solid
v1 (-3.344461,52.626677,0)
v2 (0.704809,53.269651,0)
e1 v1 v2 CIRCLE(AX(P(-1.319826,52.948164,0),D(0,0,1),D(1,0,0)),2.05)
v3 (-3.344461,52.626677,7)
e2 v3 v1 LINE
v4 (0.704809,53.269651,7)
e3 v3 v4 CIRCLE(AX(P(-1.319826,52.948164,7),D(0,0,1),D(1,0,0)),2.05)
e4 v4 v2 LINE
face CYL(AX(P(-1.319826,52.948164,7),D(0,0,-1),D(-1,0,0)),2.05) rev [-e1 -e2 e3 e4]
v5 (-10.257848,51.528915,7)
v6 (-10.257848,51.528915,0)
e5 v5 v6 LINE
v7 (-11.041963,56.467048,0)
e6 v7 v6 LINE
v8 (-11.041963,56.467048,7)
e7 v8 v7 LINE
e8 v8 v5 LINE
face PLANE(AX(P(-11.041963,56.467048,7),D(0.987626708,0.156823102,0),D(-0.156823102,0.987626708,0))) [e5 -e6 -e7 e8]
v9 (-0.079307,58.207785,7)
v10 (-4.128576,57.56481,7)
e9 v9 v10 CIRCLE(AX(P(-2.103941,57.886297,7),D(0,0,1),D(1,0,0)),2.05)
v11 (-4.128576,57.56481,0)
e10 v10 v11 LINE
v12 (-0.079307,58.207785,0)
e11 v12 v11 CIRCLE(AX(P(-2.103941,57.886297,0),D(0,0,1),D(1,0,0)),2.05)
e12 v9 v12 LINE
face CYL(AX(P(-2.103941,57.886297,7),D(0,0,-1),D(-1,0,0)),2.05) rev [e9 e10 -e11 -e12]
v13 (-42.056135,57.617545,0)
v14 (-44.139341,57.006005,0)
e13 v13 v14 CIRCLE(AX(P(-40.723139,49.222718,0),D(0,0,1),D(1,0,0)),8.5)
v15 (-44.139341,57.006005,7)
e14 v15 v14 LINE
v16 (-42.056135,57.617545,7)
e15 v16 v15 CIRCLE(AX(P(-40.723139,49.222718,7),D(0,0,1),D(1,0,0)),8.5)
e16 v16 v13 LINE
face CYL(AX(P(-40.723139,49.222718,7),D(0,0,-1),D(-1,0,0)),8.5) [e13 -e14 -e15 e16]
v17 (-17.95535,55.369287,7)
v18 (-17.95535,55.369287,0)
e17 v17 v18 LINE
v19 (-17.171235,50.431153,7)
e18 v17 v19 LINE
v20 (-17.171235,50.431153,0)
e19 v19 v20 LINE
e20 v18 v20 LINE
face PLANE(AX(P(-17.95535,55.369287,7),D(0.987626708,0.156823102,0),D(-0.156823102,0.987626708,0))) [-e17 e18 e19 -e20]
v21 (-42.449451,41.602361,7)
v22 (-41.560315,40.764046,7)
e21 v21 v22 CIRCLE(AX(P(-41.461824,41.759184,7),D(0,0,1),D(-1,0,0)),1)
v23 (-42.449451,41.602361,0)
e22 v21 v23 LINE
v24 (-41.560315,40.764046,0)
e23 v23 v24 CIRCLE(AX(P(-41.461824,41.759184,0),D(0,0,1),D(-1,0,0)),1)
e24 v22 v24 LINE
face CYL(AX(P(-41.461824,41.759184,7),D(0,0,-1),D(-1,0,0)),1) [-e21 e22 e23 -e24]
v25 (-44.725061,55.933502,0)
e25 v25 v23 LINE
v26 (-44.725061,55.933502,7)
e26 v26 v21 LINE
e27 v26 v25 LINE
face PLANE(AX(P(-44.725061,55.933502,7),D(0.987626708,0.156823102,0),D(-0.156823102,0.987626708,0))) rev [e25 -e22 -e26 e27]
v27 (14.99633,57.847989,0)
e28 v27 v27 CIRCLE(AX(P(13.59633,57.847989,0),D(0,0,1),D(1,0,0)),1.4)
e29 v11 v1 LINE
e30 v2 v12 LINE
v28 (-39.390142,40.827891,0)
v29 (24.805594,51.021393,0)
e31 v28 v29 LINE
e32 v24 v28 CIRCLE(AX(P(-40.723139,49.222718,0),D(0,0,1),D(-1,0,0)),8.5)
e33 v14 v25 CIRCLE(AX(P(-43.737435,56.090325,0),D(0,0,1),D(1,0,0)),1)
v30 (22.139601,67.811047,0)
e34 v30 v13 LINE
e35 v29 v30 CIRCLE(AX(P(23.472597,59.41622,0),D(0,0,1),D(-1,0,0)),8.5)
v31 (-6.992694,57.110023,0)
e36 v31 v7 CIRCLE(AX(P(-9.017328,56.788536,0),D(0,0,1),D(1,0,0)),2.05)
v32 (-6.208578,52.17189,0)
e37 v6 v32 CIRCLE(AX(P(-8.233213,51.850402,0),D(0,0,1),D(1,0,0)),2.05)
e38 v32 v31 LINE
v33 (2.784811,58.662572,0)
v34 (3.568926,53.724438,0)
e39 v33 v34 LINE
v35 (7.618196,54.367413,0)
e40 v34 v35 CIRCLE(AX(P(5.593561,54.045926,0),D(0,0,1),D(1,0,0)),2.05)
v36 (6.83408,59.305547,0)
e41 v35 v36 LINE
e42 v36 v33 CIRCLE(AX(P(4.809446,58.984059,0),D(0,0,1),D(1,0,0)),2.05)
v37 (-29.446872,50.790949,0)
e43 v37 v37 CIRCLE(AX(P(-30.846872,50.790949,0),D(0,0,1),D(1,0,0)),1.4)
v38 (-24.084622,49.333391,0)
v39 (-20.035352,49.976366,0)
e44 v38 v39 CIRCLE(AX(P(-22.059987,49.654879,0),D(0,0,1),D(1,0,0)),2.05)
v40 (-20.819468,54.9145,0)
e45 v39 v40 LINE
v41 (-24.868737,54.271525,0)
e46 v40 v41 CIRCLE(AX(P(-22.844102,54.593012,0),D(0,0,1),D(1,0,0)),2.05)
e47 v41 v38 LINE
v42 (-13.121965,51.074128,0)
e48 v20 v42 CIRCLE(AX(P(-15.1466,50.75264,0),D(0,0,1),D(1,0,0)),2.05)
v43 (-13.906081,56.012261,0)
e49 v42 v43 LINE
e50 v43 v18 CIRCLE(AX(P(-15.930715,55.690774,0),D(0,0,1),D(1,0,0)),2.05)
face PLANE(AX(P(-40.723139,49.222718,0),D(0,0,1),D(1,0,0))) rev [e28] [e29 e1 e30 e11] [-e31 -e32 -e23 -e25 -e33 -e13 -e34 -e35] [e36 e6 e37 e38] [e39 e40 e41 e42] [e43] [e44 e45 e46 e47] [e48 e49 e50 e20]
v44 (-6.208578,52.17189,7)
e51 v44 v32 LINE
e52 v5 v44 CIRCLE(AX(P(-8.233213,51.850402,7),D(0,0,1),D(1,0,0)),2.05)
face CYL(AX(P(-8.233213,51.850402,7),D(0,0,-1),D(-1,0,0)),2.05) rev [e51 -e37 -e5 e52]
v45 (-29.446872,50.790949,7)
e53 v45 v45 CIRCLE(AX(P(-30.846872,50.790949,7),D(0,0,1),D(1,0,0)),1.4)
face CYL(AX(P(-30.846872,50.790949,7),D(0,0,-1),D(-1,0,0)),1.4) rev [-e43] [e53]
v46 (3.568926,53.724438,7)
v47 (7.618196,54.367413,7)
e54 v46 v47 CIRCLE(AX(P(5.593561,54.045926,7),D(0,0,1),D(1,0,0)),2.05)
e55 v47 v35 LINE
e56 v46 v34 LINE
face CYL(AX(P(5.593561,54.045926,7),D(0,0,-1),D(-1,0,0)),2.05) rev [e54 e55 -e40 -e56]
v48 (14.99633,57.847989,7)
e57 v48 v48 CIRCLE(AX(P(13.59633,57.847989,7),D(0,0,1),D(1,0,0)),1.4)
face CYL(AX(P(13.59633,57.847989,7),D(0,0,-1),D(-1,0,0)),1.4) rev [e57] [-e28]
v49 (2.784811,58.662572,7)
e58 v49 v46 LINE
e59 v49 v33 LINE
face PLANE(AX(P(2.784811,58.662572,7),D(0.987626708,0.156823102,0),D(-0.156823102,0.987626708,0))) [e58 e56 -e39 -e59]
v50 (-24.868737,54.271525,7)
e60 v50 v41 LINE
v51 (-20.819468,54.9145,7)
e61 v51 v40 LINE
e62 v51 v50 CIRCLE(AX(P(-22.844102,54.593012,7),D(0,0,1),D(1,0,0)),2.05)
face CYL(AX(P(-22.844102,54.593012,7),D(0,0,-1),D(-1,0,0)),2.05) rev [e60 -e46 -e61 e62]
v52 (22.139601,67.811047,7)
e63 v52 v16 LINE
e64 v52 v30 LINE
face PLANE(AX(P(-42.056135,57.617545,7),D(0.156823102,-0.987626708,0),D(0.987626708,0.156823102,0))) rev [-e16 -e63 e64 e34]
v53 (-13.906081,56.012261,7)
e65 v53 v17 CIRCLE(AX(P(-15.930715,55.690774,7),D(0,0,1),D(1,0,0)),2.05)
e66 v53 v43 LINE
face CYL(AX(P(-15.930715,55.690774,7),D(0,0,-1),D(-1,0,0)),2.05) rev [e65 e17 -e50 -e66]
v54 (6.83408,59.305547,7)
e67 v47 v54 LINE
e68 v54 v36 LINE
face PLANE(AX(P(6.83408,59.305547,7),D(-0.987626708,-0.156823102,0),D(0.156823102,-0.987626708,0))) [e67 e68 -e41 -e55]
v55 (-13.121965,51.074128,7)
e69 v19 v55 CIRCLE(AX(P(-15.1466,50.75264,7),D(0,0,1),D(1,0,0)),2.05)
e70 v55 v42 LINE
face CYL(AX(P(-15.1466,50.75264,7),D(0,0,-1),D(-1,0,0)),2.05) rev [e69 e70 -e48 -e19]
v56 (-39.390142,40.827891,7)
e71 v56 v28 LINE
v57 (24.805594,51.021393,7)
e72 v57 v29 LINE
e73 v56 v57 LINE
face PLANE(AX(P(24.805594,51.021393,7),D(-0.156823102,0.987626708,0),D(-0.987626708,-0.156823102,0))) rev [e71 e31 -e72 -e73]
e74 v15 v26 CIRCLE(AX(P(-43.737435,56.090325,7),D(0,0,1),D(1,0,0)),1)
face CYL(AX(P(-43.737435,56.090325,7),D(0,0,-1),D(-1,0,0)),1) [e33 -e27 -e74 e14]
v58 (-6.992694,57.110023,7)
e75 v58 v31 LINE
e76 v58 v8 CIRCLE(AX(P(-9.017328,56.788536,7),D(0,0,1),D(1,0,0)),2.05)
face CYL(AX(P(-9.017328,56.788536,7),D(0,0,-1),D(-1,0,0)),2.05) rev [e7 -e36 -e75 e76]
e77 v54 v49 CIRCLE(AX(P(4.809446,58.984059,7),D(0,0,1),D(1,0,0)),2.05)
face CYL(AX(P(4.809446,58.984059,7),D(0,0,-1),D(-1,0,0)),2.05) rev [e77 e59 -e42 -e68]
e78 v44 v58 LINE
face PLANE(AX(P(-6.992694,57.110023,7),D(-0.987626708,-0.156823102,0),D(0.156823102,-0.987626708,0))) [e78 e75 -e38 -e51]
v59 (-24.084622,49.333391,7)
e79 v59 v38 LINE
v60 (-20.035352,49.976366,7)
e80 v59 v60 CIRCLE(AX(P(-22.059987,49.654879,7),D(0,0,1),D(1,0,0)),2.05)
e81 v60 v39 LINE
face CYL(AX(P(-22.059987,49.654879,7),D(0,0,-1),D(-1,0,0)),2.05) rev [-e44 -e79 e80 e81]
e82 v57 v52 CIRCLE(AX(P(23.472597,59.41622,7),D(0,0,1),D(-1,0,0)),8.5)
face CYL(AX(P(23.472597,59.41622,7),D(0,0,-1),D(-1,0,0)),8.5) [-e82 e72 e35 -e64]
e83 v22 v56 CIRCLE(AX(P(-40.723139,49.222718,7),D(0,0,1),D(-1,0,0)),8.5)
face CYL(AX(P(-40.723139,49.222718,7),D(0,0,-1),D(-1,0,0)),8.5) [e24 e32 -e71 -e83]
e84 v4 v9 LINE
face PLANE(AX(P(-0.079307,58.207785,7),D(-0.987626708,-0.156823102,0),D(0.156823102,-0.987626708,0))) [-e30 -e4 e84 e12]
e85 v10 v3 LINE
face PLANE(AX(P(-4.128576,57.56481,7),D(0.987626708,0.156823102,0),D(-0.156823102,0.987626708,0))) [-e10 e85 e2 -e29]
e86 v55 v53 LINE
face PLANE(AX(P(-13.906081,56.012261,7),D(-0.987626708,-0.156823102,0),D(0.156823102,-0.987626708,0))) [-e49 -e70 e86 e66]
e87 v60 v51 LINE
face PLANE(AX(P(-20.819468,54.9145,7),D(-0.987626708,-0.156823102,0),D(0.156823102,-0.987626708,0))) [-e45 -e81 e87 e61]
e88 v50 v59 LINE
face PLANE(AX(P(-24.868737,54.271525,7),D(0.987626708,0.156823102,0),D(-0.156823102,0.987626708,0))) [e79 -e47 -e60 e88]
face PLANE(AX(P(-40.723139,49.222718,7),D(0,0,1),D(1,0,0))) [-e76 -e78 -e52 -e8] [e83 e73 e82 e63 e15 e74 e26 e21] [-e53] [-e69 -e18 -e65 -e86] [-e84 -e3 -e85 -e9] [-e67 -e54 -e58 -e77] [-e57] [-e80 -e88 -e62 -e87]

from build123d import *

# Parameters (mm, degrees)
SKETCH_1_R      = 1.4
EXTRUDE_1_DEPTH = 7


with BuildPart() as part:
    # 草图1 → 凸台-拉伸1 (new body)
    with BuildSketch(Plane.XY):
        with BuildLine():
            Line((-42.056135012, 57.617545139), (22.139601015, 67.811046791))
            ThreePointArc((22.139601015, 67.811046791), (31.867424404, 60.749216142), (24.805593755, 51.021392753))
            Line((24.805593755, 51.021392753), (-39.390142272, 40.827891101))
            ThreePointArc((-39.390142272, 40.827891101), (-40.473181997, 40.726394111), (-41.560315394, 40.764045938))
            ThreePointArc((-41.560315394, 40.764045938), (-42.147831339, 41.031589211), (-42.44945072, 41.60236074))
            Line((-42.44945072, 41.60236074), (-44.725061471, 55.933501507))
            ThreePointArc((-44.725061471, 55.933501507), (-44.615083087, 56.569629752), (-44.139340913, 57.006005475))
            ThreePointArc((-44.139340913, 57.006005475), (-43.117343546, 57.378561601), (-42.056135012, 57.617545139))
        make_face()
        with Locations((-30.846871561, 50.790949144)):
            Circle(SKETCH_1_R, mode=Mode.SUBTRACT)
        with Locations((13.596330304, 57.847988749)):
            Circle(SKETCH_1_R, mode=Mode.SUBTRACT)
        with BuildLine():
            Line((6.834080281, 59.305546509), (7.618195793, 54.367412968))
            ThreePointArc((7.618195793, 54.367412968), (5.915048401, 52.021290857), (3.568926289, 53.724438249))
            Line((3.568926289, 53.724438249), (2.784810778, 58.662571789))
            ThreePointArc((2.784810778, 58.662571789), (4.48795817, 61.008693901), (6.834080281, 59.305546509))
        make_face(mode=Mode.SUBTRACT)
        with BuildLine():
            Line((-0.079306676, 58.207784793), (0.704808836, 53.269651252))
            ThreePointArc((0.704808836, 53.269651252), (-0.998338556, 50.923529141), (-3.344460667, 52.626676532))
            Line((-3.344460667, 52.626676532), (-4.128576179, 57.564810073))
            ThreePointArc((-4.128576179, 57.564810073), (-2.425428787, 59.910932184), (-0.079306676, 58.207784793))
        make_face(mode=Mode.SUBTRACT)
        with BuildLine():
            Line((-6.992693633, 57.110023076), (-6.208578121, 52.171889536))
            ThreePointArc((-6.208578121, 52.171889536), (-7.911725513, 49.825767424), (-10.257847624, 51.528914816))
            Line((-10.257847624, 51.528914816), (-11.041963136, 56.467048357))
            ThreePointArc((-11.041963136, 56.467048357), (-9.338815744, 58.813170468), (-6.992693633, 57.110023076))
        make_face(mode=Mode.SUBTRACT)
        with BuildLine():
            Line((-13.906080589, 56.01226136), (-13.121965078, 51.074127819))
            ThreePointArc((-13.121965078, 51.074127819), (-14.82511247, 48.728005708), (-17.171234581, 50.4311531))
            Line((-17.171234581, 50.4311531), (-17.955350093, 55.36928664))
            ThreePointArc((-17.955350093, 55.36928664), (-16.252202701, 57.715408752), (-13.906080589, 56.01226136))
        make_face(mode=Mode.SUBTRACT)
        with BuildLine():
            Line((-20.819467546, 54.914499643), (-20.035352035, 49.976366103))
            ThreePointArc((-20.035352035, 49.976366103), (-21.738499426, 47.630243992), (-24.084621538, 49.333391383))
            Line((-24.084621538, 49.333391383), (-24.868737049, 54.271524924))
            ThreePointArc((-24.868737049, 54.271524924), (-23.165589658, 56.617647035), (-20.819467546, 54.914499643))
        make_face(mode=Mode.SUBTRACT)
    extrude(amount=EXTRUDE_1_DEPTH)


solid = part.part
